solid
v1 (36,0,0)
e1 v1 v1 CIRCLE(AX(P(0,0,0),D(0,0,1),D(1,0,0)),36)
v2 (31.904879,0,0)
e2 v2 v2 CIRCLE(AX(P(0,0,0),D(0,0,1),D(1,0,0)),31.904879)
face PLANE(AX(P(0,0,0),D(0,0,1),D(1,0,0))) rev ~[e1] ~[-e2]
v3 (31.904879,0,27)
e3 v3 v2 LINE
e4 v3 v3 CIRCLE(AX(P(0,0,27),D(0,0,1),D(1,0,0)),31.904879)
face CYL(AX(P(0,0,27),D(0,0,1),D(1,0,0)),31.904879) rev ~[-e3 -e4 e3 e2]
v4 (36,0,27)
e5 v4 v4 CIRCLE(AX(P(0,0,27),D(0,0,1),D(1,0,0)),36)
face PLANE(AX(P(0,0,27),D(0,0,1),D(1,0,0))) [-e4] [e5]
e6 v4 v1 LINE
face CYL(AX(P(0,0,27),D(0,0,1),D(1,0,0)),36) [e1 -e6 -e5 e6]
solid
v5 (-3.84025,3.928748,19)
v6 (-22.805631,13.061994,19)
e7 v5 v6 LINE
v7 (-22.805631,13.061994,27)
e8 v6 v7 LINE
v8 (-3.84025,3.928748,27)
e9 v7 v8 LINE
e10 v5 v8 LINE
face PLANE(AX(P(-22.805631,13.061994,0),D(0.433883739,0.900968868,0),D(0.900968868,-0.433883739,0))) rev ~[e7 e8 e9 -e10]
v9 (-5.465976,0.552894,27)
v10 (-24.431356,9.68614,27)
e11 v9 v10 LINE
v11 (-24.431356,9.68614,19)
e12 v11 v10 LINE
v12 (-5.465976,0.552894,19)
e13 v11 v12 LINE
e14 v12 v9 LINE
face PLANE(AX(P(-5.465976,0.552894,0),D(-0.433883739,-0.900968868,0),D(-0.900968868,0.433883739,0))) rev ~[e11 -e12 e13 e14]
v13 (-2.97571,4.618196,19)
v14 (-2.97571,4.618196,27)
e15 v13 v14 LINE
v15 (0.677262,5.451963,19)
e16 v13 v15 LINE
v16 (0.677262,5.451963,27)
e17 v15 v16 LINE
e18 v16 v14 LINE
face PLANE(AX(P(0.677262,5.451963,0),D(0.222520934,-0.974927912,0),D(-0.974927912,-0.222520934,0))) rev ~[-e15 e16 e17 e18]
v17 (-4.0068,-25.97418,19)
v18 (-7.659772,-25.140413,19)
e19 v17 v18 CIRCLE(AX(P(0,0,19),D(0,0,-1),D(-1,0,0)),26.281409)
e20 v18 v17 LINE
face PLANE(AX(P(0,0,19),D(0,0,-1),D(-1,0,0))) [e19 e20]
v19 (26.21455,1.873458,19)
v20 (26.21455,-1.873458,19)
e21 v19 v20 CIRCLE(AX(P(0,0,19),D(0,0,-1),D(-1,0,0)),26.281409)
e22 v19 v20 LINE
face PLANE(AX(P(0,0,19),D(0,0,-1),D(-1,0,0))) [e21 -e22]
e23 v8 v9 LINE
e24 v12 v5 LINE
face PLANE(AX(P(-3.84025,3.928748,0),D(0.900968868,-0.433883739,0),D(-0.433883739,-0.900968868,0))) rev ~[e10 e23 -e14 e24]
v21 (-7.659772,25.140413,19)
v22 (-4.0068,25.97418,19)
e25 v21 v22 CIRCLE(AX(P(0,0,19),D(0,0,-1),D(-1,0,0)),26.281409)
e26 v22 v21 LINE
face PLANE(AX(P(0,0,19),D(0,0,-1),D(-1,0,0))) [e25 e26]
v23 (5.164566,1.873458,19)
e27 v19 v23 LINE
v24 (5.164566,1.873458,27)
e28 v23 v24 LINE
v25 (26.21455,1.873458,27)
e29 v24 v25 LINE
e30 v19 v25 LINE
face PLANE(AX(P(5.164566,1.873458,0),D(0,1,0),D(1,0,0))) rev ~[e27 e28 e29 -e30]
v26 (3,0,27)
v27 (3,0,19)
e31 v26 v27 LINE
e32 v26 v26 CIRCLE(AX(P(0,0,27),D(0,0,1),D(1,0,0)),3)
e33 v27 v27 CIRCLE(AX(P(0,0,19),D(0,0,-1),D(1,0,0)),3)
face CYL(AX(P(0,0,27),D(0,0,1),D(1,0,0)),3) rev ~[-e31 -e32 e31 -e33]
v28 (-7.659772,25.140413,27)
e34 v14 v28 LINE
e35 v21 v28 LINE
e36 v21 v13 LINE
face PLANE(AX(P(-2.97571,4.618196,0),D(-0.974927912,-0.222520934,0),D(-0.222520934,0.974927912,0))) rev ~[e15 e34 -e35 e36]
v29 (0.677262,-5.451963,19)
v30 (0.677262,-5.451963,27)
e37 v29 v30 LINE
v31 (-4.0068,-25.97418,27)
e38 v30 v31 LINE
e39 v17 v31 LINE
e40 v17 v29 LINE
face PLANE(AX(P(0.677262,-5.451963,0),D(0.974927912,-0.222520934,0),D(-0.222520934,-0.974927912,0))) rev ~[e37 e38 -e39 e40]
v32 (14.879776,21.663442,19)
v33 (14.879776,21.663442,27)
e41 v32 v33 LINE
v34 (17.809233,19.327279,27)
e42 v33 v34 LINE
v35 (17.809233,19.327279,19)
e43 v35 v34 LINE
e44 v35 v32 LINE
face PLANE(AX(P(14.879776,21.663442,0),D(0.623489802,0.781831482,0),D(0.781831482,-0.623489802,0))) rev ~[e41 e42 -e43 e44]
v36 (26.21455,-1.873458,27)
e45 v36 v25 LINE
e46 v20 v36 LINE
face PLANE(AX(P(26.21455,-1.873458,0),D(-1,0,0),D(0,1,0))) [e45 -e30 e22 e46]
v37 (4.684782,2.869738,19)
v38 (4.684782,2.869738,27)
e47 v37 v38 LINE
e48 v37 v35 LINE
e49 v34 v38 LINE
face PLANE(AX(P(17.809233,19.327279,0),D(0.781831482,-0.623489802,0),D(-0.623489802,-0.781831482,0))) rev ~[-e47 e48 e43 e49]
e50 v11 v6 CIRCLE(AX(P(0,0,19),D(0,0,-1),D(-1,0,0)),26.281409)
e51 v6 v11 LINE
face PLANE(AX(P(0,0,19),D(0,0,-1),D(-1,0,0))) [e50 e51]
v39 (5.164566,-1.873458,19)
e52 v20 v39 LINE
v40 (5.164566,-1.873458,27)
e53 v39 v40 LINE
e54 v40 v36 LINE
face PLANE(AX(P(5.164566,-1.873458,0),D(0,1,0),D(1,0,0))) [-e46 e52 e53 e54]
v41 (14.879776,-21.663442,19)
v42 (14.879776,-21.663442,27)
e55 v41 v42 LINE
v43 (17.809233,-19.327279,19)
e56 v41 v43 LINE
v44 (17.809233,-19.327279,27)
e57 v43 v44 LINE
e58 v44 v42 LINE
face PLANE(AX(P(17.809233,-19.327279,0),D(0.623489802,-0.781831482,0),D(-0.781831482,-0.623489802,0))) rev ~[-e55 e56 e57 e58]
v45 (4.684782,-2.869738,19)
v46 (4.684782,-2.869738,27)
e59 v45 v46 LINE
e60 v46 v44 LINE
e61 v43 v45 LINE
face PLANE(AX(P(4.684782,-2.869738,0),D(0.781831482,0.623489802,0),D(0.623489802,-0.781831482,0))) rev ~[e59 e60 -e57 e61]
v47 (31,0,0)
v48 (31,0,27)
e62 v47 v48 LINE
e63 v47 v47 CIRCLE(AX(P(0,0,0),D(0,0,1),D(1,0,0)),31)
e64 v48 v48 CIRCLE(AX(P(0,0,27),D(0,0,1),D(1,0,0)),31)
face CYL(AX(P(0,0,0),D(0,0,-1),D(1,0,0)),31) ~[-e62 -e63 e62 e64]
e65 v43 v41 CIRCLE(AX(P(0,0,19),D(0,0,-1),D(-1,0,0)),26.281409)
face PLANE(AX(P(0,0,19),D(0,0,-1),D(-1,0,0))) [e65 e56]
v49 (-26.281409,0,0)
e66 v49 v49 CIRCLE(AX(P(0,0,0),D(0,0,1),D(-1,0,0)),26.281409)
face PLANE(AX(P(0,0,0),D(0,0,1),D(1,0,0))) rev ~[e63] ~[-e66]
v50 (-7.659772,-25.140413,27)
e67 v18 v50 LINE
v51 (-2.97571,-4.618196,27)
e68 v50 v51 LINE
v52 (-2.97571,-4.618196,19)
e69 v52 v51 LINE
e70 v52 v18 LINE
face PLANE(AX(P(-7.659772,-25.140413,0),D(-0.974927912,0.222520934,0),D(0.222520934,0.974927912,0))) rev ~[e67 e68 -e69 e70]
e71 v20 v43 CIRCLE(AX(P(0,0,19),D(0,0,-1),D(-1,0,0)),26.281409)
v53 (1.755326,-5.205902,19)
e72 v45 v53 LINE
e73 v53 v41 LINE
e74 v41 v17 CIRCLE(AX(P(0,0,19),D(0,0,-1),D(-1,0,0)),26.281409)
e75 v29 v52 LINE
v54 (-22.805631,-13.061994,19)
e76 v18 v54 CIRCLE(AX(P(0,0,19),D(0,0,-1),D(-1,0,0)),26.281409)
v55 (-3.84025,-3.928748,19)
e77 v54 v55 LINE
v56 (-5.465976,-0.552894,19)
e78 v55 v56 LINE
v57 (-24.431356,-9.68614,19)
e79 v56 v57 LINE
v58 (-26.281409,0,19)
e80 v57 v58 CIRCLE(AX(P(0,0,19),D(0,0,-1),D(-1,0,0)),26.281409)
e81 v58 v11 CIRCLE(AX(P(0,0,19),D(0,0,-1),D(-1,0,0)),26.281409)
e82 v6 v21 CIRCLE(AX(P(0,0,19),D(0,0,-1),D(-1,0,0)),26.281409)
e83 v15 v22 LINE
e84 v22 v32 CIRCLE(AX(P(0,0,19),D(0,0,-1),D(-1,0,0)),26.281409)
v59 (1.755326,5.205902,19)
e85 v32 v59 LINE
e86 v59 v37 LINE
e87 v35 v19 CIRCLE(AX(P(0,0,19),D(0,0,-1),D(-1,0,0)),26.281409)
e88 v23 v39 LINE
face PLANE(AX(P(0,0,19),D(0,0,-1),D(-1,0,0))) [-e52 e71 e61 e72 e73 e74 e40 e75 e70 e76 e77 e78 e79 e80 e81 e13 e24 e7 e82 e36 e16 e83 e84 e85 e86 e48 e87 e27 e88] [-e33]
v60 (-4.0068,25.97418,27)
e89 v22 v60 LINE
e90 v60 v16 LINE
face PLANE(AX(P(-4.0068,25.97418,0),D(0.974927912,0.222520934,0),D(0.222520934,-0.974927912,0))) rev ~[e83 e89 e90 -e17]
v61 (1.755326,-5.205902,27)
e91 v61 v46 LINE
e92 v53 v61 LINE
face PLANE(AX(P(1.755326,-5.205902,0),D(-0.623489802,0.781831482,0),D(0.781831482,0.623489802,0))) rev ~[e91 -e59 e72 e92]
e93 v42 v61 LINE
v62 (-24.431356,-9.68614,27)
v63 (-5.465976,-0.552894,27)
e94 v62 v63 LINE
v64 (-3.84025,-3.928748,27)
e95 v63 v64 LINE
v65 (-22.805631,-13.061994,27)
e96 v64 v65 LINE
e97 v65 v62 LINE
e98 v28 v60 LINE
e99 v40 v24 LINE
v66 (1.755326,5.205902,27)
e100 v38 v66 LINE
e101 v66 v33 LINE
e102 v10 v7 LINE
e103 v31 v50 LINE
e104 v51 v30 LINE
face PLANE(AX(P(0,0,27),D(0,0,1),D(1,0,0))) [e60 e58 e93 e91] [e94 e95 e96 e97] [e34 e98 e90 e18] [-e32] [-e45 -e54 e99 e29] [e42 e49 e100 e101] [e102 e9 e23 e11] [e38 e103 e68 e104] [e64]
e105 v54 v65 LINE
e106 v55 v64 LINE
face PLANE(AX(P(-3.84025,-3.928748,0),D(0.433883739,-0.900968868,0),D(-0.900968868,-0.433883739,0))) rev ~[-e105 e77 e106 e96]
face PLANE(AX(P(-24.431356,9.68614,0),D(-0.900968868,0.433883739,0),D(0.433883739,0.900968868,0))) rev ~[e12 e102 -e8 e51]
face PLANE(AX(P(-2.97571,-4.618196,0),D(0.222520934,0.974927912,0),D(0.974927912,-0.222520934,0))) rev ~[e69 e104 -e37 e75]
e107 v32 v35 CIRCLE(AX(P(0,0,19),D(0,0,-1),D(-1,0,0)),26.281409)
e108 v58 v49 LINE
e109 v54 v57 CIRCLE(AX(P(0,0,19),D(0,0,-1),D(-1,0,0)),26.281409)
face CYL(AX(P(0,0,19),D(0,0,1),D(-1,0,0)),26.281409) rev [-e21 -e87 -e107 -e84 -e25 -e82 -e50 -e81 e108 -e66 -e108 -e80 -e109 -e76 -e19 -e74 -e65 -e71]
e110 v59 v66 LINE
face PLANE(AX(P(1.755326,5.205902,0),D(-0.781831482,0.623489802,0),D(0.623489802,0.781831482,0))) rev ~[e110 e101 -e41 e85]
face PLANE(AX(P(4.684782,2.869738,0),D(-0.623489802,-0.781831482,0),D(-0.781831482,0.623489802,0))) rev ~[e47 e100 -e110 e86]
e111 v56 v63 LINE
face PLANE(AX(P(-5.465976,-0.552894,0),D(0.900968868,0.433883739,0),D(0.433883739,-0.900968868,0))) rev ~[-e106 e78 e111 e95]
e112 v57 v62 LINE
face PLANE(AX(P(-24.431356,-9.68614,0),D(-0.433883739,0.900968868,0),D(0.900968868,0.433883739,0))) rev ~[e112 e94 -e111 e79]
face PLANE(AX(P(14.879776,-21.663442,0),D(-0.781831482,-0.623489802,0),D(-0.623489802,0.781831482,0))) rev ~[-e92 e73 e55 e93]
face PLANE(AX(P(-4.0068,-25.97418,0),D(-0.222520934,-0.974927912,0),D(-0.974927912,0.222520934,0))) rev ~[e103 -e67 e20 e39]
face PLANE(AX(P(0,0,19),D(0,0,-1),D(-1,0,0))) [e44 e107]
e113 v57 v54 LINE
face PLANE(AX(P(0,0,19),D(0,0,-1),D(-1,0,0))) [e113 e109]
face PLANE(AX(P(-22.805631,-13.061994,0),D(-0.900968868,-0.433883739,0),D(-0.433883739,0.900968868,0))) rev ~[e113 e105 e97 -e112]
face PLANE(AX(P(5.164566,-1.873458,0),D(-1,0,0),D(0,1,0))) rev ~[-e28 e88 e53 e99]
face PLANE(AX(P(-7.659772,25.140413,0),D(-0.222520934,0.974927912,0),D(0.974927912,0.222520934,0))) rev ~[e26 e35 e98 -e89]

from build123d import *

# Parameters (mm, degrees)
ESQUISSE1_R             = 31
ESQUISSE1_W             = 21.049984125
ESQUISSE1_H             = 3.746915328
BOSS_EXTRU_1_DEPTH      = 27
ESQUISSE2_R             = 3
ENL_V_MAT_EXTRU_1_DEPTH = 27
ESQUISSE3_R             = 36
ESQUISSE3_R_2           = 31.904878758
BOSS_EXTRU_2_DEPTH      = 27
ENL_V_START             = -19
ESQUISSE4_R             = 26.281409308
ESQUISSE4_R_2           = 3
ENL_V_MAT_EXTRU_2_DEPTH = 19


with BuildPart() as part:
    # Esquisse1 → Boss.-Extru.1 (new body)
    with BuildSketch(Plane.XY):
        Circle(ESQUISSE1_R)
        with Locations((15.689557936, 0)):
            Rectangle(ESQUISSE1_W, ESQUISSE1_H, mode=Mode.SUBTRACT)
        Polygon((1.75532597, -5.20590194), (4.684782335, -2.869738445), (17.809232767, -19.32727874), (14.879776402, -21.663442235), align=None, mode=Mode.SUBTRACT)
        Polygon((-2.97571019, -4.618195874), (0.677262147, -5.451962973), (-4.00679998, -25.974180047), (-7.659772317, -25.140412949), align=None, mode=Mode.SUBTRACT)
        Polygon((-5.465975884, -0.552894122), (-3.840250251, -3.928748182), (-22.805630618, -13.061994003), (-24.431356251, -9.686139942), align=None, mode=Mode.SUBTRACT)
        Polygon((-3.840250251, 3.928748182), (-5.465975884, 0.552894122), (-24.431356251, 9.686139942), (-22.805630618, 13.061994003), align=None, mode=Mode.SUBTRACT)
        Polygon((0.677262147, 5.451962973), (-2.97571019, 4.618195874), (-7.659772317, 25.140412949), (-4.00679998, 25.974180047), align=None, mode=Mode.SUBTRACT)
        Polygon((4.684782335, 2.869738445), (1.75532597, 5.20590194), (14.879776402, 21.663442235), (17.809232767, 19.32727874), align=None, mode=Mode.SUBTRACT)
    extrude(amount=BOSS_EXTRU_1_DEPTH)

    # Esquisse2 → Enlèv. mat.-Extru.1 (cut)
    with BuildSketch(Plane.XY.offset(27)):
        Circle(ESQUISSE2_R)
    extrude(amount=-ENL_V_MAT_EXTRU_1_DEPTH, mode=Mode.SUBTRACT)

    # Esquisse4 → Enlèv. mat.-Extru.2 (cut)
    with BuildSketch(Plane(origin=(0, 0, 0), x_dir=(-1, 0, 0), z_dir=(0, 0, -1)).offset(ENL_V_START)):
        Circle(ESQUISSE4_R)
        with Locations(Location((0, 0, 0), (0, 0, 180))):
            Circle(ESQUISSE4_R_2, mode=Mode.SUBTRACT)
    extrude(amount=ENL_V_MAT_EXTRU_2_DEPTH, mode=Mode.SUBTRACT)


with BuildPart() as body_2:
    # Esquisse3 → Boss.-Extru.2 (new, through all)
    with BuildSketch(Plane.XY.offset(27)):
        Circle(ESQUISSE3_R)
        Circle(ESQUISSE3_R_2, mode=Mode.SUBTRACT)
    extrude(amount=-BOSS_EXTRU_2_DEPTH)


solid = Compound([part.part, body_2.part])
